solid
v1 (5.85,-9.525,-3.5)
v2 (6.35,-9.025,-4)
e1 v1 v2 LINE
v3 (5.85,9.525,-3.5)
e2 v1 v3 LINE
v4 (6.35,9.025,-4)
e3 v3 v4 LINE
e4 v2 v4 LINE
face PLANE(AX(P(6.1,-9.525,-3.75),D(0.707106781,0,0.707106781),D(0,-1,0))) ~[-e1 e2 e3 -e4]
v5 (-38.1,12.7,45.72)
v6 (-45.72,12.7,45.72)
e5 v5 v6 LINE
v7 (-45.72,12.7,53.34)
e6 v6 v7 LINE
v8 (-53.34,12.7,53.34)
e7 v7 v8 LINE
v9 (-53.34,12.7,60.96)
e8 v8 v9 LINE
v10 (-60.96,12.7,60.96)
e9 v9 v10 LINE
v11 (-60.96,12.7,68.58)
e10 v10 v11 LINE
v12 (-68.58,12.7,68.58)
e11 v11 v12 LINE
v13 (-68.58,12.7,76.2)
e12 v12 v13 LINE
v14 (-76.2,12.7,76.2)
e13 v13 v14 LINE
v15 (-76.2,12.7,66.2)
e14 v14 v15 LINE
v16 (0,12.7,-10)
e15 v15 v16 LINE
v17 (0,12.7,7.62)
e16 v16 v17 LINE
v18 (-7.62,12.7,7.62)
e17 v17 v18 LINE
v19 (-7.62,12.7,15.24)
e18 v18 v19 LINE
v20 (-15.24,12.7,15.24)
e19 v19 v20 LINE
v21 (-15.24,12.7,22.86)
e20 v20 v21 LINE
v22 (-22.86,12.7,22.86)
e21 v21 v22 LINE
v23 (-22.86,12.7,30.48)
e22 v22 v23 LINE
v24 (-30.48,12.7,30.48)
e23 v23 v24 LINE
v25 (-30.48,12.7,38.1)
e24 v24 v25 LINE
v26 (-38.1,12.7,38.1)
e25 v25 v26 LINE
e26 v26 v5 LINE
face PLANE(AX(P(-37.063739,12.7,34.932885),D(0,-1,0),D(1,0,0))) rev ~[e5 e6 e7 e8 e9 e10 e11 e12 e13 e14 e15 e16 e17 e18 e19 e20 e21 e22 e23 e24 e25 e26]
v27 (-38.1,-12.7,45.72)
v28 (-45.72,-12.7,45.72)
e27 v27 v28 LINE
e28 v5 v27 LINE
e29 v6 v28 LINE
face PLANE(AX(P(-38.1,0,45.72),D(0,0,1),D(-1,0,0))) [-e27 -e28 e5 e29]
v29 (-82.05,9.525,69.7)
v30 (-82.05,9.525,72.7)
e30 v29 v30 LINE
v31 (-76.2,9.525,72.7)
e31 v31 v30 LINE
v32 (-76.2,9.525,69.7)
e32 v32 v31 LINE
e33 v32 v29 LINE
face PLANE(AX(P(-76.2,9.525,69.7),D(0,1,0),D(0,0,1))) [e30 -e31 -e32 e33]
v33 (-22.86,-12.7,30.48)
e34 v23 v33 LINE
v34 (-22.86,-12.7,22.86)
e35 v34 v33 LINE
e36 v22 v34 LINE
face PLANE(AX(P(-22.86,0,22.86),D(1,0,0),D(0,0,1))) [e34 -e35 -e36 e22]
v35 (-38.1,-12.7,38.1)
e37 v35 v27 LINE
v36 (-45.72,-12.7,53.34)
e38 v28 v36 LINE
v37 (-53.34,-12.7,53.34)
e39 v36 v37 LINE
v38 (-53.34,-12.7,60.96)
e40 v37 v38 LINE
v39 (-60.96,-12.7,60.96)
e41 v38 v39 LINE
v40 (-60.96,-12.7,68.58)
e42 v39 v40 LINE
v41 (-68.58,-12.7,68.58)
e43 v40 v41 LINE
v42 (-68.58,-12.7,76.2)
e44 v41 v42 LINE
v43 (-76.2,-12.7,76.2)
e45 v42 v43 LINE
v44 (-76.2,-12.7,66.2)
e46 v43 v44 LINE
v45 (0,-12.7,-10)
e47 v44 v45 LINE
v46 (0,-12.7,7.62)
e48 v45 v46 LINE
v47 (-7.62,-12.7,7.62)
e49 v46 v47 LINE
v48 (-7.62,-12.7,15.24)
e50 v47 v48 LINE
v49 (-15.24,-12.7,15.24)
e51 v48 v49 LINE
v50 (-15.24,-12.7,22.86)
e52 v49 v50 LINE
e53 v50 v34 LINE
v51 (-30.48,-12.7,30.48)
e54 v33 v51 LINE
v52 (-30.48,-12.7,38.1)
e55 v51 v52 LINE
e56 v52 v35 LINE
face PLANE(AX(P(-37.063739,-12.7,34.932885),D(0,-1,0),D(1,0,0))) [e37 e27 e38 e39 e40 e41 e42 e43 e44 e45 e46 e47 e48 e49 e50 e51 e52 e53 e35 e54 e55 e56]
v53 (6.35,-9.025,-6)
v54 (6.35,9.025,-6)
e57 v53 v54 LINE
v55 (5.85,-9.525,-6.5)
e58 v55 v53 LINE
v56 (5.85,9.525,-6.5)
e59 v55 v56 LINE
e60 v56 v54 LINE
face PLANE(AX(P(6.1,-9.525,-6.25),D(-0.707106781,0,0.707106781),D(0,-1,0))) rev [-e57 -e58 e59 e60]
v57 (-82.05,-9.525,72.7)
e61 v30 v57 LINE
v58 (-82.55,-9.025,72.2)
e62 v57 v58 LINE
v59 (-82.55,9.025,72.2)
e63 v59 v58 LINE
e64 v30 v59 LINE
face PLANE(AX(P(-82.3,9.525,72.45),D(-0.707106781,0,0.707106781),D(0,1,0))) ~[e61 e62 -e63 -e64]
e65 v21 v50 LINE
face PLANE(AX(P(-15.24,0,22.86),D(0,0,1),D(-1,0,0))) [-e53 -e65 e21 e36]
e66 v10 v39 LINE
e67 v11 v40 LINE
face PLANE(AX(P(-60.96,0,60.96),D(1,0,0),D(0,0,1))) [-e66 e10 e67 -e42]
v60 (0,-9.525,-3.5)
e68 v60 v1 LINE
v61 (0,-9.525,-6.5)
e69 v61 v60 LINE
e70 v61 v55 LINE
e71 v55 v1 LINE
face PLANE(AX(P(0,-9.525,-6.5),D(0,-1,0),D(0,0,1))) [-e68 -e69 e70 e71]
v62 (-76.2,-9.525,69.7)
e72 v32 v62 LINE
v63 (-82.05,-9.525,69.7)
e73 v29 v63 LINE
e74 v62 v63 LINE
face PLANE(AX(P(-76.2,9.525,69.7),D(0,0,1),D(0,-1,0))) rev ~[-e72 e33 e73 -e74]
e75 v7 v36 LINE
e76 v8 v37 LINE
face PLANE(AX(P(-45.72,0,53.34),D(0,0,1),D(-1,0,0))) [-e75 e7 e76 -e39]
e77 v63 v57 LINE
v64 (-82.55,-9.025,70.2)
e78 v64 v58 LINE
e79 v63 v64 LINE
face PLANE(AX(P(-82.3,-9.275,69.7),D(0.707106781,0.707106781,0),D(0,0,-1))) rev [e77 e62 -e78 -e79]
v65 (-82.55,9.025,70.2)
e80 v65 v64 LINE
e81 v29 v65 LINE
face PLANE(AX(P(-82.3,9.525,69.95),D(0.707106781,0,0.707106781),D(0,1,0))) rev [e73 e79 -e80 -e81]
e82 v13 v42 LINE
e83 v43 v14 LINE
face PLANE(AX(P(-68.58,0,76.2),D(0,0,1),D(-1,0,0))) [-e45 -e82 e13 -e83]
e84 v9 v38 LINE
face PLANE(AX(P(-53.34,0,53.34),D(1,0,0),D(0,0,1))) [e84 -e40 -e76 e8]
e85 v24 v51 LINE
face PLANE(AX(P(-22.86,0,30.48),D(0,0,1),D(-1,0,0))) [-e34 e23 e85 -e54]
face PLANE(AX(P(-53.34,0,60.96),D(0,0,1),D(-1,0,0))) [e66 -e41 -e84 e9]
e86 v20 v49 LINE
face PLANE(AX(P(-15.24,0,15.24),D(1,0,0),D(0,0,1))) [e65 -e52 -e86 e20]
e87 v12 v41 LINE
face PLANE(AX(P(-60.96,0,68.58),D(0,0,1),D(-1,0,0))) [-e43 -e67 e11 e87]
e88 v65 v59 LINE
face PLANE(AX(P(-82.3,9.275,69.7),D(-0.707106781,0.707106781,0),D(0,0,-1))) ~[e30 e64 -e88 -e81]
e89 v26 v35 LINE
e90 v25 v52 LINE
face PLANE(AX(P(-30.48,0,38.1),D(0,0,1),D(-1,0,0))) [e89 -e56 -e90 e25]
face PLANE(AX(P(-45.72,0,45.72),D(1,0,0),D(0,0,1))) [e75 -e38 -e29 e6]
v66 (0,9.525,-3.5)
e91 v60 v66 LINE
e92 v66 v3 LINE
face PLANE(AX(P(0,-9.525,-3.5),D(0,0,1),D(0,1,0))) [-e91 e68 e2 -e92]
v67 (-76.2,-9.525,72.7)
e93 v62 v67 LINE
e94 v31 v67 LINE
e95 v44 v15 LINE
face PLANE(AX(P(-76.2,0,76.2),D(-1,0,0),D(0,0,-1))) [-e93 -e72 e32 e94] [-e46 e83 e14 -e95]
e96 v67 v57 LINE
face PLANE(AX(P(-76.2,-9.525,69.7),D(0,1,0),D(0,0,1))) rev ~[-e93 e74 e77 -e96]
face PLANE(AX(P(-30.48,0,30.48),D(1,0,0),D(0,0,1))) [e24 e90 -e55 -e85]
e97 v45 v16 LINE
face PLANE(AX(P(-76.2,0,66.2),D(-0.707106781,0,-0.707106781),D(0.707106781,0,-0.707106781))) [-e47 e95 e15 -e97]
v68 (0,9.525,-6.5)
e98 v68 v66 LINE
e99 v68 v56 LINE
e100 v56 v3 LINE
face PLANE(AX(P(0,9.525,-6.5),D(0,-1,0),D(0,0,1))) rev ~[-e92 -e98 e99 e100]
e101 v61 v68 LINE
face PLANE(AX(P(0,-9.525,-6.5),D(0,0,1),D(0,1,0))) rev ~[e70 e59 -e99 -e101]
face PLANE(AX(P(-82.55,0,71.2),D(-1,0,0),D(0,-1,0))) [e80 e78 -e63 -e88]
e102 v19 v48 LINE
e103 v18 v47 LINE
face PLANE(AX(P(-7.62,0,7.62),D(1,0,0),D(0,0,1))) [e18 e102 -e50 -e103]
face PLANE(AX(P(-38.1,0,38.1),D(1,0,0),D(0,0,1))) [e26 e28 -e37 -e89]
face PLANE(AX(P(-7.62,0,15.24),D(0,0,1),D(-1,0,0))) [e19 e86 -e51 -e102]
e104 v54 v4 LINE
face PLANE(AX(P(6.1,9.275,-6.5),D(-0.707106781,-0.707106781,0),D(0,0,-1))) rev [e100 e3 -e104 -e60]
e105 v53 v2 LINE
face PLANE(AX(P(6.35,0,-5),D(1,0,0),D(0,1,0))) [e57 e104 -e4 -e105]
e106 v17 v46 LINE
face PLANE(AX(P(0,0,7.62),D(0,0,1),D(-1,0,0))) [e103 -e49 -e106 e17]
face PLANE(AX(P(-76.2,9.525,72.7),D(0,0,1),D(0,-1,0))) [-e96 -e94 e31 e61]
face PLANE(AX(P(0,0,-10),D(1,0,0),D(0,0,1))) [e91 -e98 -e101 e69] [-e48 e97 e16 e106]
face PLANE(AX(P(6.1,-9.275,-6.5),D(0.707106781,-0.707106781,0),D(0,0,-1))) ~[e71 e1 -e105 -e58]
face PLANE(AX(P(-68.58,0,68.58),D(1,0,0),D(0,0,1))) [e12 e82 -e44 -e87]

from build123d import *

# Parameters (mm, degrees)
F1_DEPTH = 12.7
F2_W     = 19.05
F2_H     = 3
F3_DEPTH = 6.35
F4_W     = 19.05
F4_H     = 3
F5_DEPTH = 6.35
F6_SIZE  = 0.5


with BuildPart() as f1:
    # F0 (on Front) → F1 (new body, symmetric)
    with BuildSketch(Plane.XZ):
        Polygon((0, -10), (0, 0), (0, 7.62), (-7.62, 7.62), (-7.62, 15.24), (-15.24, 15.24), (-15.24, 22.86), (-22.86, 22.86), (-22.86, 30.48), (-30.48, 30.48), (-30.48, 38.1), (-38.1, 38.1), (-38.1, 45.72), (-45.72, 45.72), (-45.72, 53.34), (-53.34, 53.34), (-53.34, 60.96), (-60.96, 60.96), (-60.96, 68.58), (-68.58, 68.58), (-68.58, 76.2), (-76.2, 76.2), (-76.2, 66.2), align=None)
    extrude(amount=F1_DEPTH, both=True)

    # F2 (on face) → F3 (join)
    with BuildSketch(Plane.YZ):
        with Locations((0, -5)):
            Rectangle(F2_W, F2_H)
    extrude(amount=F3_DEPTH)

    # F4 (on face) → F5 (join)
    with BuildSketch(Plane(origin=(-76.2, 0, 0), x_dir=(0, -1, 0), z_dir=(-1, 0, 0))):
        with Locations((0, 71.2)):
            Rectangle(F4_W, F4_H)
    extrude(amount=F5_DEPTH)

    # F6
    f6_edges = [f1.edges().sort_by_distance(p)[0] for p in [
        (-82.55, 0, 72.7),
        (-82.55, 9.525, 71.2),
        (-82.55, 0, 69.7),
        (-82.55, -9.525, 71.2),
        (6.35, 9.525, -5),
        (6.35, 0, -3.5),
        (6.35, -9.525, -5),
        (6.35, 0, -6.5),
    ]]
    chamfer(f6_edges, length=F6_SIZE)


solid = f1.part
